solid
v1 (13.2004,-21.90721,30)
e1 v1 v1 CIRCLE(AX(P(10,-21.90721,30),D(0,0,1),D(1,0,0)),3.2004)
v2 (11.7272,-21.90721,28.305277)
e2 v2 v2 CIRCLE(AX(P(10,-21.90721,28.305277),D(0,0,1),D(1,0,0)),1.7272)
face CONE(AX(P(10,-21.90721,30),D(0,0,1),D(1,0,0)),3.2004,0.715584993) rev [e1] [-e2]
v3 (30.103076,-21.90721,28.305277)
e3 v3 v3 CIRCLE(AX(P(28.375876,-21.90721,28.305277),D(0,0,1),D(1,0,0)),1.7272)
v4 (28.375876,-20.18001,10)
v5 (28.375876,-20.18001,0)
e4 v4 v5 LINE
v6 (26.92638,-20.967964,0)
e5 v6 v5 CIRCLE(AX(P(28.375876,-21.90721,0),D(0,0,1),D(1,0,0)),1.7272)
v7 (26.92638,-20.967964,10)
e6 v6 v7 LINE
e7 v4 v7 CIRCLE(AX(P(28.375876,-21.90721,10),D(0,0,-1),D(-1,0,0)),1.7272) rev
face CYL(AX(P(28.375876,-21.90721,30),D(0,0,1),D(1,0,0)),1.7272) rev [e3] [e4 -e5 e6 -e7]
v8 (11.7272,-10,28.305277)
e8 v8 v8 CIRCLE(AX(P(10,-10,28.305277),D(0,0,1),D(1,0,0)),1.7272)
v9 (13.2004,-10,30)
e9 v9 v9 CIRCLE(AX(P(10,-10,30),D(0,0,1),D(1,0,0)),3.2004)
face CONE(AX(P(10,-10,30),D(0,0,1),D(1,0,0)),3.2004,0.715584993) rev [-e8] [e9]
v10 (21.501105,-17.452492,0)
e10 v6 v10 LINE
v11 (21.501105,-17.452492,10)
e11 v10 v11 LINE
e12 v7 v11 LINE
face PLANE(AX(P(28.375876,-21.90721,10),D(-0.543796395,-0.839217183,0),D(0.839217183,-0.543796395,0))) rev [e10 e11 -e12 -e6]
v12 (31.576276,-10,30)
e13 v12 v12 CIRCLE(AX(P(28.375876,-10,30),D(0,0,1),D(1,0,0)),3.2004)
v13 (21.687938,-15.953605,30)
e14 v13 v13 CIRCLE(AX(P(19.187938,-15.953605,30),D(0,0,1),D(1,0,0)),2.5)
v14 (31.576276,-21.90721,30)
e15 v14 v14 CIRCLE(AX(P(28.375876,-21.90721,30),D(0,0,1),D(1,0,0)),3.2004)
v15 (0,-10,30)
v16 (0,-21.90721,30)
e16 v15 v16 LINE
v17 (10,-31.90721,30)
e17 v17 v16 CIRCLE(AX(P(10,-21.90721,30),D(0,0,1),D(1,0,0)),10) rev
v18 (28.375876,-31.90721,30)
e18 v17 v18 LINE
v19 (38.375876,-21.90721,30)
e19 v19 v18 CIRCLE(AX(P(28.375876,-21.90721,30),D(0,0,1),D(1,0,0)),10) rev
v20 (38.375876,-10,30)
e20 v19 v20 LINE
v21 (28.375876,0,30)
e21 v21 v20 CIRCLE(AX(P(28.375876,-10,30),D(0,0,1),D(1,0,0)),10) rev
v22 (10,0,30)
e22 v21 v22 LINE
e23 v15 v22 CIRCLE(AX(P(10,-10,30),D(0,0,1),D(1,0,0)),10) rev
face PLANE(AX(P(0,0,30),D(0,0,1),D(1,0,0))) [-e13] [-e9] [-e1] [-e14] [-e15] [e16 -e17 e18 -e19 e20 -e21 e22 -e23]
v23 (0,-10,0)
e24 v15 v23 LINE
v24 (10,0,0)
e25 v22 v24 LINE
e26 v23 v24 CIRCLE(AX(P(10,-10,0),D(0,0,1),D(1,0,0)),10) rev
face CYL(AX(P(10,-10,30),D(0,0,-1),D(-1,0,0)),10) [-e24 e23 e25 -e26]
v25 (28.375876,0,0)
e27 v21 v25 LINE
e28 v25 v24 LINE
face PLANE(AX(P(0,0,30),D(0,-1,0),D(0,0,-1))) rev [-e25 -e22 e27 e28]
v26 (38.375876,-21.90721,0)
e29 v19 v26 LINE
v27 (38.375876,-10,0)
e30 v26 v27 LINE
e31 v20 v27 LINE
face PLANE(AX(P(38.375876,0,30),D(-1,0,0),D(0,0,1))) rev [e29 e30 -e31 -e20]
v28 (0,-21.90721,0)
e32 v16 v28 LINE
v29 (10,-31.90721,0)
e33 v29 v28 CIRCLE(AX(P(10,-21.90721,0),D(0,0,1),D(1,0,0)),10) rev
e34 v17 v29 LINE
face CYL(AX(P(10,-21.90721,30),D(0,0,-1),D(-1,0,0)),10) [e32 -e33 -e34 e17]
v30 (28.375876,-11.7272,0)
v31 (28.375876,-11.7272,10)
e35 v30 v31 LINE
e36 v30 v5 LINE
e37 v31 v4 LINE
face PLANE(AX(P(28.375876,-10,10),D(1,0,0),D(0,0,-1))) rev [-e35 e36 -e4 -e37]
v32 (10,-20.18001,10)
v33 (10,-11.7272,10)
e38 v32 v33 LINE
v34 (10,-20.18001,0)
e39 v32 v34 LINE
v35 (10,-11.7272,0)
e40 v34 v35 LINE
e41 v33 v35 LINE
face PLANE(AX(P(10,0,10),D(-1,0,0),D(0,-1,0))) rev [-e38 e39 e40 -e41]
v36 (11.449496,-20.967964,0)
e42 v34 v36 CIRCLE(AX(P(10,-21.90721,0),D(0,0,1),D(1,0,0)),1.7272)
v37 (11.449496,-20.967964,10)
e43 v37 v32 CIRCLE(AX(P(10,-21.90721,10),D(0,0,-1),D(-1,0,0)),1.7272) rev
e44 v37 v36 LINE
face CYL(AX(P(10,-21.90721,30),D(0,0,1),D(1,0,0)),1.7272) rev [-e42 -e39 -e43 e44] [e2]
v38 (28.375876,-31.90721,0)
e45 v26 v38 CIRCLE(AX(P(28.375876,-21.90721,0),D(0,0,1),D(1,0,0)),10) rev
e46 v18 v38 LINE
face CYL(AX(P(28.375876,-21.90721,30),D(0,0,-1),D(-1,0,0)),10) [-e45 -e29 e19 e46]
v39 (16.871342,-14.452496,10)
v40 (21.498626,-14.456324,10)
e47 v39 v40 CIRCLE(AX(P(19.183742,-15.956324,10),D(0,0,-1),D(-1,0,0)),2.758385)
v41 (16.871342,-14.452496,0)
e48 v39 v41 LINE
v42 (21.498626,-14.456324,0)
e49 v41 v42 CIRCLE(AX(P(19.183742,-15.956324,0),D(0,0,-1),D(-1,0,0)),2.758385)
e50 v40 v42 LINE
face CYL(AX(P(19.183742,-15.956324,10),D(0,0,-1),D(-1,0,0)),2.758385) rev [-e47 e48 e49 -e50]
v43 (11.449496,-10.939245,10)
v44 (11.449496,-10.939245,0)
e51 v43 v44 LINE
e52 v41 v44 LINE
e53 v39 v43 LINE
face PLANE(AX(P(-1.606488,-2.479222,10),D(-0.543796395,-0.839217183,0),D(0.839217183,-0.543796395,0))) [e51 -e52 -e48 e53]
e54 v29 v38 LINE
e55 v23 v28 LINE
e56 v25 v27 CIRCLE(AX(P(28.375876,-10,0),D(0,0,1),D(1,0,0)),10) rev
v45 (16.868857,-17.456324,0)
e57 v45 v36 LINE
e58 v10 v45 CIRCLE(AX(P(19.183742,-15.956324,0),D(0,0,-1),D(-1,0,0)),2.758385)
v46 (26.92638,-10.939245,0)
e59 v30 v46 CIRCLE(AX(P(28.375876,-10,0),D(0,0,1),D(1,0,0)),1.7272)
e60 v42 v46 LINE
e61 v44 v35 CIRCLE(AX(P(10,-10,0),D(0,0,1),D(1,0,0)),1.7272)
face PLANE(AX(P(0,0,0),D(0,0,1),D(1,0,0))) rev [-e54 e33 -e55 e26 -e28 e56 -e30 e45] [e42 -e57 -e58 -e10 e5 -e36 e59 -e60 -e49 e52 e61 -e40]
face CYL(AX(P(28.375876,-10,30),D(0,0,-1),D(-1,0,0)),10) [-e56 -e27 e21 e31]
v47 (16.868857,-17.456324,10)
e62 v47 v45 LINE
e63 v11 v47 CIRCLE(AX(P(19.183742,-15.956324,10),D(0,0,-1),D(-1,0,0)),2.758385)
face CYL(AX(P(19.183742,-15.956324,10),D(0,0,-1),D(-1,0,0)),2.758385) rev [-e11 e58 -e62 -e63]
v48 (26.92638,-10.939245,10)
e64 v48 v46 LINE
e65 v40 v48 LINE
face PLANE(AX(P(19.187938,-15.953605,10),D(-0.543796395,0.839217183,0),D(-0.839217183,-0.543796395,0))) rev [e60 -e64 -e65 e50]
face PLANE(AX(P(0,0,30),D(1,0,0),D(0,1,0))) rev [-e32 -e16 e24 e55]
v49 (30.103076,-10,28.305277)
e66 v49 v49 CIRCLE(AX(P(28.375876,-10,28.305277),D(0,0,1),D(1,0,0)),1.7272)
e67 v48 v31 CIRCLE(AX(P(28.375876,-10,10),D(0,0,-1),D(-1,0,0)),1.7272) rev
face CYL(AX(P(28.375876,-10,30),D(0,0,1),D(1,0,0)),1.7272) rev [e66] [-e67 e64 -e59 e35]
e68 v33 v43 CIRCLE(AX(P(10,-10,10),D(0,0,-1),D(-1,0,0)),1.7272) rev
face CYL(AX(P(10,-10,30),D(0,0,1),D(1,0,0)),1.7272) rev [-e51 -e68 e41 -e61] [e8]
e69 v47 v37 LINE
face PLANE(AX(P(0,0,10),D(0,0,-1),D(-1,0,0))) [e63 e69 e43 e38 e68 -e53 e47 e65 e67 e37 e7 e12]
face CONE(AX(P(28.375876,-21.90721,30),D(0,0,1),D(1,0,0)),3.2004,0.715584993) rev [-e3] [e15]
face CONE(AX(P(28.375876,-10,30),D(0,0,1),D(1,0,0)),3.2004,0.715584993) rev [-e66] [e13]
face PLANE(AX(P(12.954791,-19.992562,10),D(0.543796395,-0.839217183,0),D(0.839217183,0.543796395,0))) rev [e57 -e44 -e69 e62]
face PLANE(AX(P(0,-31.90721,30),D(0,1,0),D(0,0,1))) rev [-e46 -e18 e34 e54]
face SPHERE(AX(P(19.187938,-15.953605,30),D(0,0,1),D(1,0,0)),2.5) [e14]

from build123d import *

# Parameters (mm, degrees)
ESBO_O1_R                                            = 1.6
RESSALTO_EXTRUS_O1_DEPTH                             = 30
ESCAREADO_PARA_PARAFUSO_DE_M_QUINA_COM_C_D           = 3.4544
ESCAREADO_PARA_PARAFUSO_DE_M_QUINA_COM_C_CSINK_D     = 6.4008
ESCAREADO_PARA_PARAFUSO_DE_M_QUINA_COM_C_CSINK_ANGLE = 82
CORTE_EXTRUS_O3_DEPTH                                = 10
ESBO_O28_R                                           = 2.758385
CORTE_EXTRUS_O8_DEPTH                                = 10


with BuildPart() as part:
    # Esboço1 → Ressalto-extrusão1 (new body)
    with BuildSketch(Plane.XY):
        with BuildLine():
            Line((0, -10), (0, -21.90721))
            ThreePointArc((0, -21.90721), (2.928932, -28.978277), (10, -31.90721))
            Line((10, -31.90721), (28.375876, -31.90721))
            ThreePointArc((28.375876, -31.90721), (35.446943, -28.978277), (38.375876, -21.90721))
            Line((38.375876, -21.90721), (38.375876, -10))
            ThreePointArc((38.375876, -10), (35.446943, -2.928932), (28.375876, 0))
            Line((28.375876, 0), (10, 0))
            ThreePointArc((10, 0), (2.928932, -2.928932), (0, -10))
        make_face()
        with Locations((28.375876, -10)):
            Circle(ESBO_O1_R, mode=Mode.SUBTRACT)
        with Locations((10, -10)):
            Circle(ESBO_O1_R, mode=Mode.SUBTRACT)
        with Locations((10, -21.90721)):
            Circle(ESBO_O1_R, mode=Mode.SUBTRACT)
        with Locations((28.375876, -21.90721)):
            Circle(ESBO_O1_R, mode=Mode.SUBTRACT)
    extrude(amount=RESSALTO_EXTRUS_O1_DEPTH)

    # Escareado para parafuso de máquina com cabeça oval de #52 (through all)
    with Locations(Plane.XY.offset(30)):
        with Locations((10, -10), (28.375876, -10), (28.375876, -21.90721), (10, -21.90721)):
            CounterSinkHole(ESCAREADO_PARA_PARAFUSO_DE_M_QUINA_COM_C_D / 2, ESCAREADO_PARA_PARAFUSO_DE_M_QUINA_COM_C_CSINK_D / 2, counter_sink_angle=ESCAREADO_PARA_PARAFUSO_DE_M_QUINA_COM_C_CSINK_ANGLE)

    # Esboço23 → Corte-extrusão3 (cut)
    with BuildSketch(Plane(origin=(0, 0, 0), x_dir=(-1, 0, 0), z_dir=(0, 0, -1))):
        Polygon((-19.187938, -15.953605), (-28.375876, -10), (-28.375876, -21.90721), align=None)
        with BuildLine():
            ThreePointArc((-19.183742, -15.950886), (-19.182938, -15.953605), (-19.183742, -15.956324))
            Line((-19.183742, -15.956324), (-10, -21.90721))
            Line((-10, -21.90721), (-10, -10))
            Line((-10, -10), (-19.183742, -15.950886))
        make_face()
    extrude(amount=-CORTE_EXTRUS_O3_DEPTH, mode=Mode.SUBTRACT)

    # Esboço28 → Corte-extrusão8 (cut)
    with BuildSketch(Plane(origin=(0, 0, 0), x_dir=(-1, 0, 0), z_dir=(0, 0, -1))):
        with Locations((-19.183742, -15.956324)):
            Circle(ESBO_O28_R)
    extrude(amount=-CORTE_EXTRUS_O8_DEPTH, mode=Mode.SUBTRACT)

    # Esboço29 → bola (revolve)
    with BuildSketch(Plane.XY.offset(30)):
        with BuildLine():
            ThreePointArc((21.285981, -14.594114), (17.828447, -13.855562), (17.089895, -17.313096))
            Line((17.089895, -17.313096), (21.285981, -14.594114))
        make_face()
        with BuildLine():
            Line((21.285981, -14.594114), (17.089895, -17.313096))
            ThreePointArc((17.089895, -17.313096), (19.896772, -18.35101), (21.687938, -15.953605))
            ThreePointArc((21.687938, -15.953605), (21.585343, -15.24477), (21.285981, -14.594114))
        make_face()
    revolve(axis=Axis((10, -21.90721, 30), (0.8392171833395659, 0.5437963949748155, 0)))


solid = part.part
